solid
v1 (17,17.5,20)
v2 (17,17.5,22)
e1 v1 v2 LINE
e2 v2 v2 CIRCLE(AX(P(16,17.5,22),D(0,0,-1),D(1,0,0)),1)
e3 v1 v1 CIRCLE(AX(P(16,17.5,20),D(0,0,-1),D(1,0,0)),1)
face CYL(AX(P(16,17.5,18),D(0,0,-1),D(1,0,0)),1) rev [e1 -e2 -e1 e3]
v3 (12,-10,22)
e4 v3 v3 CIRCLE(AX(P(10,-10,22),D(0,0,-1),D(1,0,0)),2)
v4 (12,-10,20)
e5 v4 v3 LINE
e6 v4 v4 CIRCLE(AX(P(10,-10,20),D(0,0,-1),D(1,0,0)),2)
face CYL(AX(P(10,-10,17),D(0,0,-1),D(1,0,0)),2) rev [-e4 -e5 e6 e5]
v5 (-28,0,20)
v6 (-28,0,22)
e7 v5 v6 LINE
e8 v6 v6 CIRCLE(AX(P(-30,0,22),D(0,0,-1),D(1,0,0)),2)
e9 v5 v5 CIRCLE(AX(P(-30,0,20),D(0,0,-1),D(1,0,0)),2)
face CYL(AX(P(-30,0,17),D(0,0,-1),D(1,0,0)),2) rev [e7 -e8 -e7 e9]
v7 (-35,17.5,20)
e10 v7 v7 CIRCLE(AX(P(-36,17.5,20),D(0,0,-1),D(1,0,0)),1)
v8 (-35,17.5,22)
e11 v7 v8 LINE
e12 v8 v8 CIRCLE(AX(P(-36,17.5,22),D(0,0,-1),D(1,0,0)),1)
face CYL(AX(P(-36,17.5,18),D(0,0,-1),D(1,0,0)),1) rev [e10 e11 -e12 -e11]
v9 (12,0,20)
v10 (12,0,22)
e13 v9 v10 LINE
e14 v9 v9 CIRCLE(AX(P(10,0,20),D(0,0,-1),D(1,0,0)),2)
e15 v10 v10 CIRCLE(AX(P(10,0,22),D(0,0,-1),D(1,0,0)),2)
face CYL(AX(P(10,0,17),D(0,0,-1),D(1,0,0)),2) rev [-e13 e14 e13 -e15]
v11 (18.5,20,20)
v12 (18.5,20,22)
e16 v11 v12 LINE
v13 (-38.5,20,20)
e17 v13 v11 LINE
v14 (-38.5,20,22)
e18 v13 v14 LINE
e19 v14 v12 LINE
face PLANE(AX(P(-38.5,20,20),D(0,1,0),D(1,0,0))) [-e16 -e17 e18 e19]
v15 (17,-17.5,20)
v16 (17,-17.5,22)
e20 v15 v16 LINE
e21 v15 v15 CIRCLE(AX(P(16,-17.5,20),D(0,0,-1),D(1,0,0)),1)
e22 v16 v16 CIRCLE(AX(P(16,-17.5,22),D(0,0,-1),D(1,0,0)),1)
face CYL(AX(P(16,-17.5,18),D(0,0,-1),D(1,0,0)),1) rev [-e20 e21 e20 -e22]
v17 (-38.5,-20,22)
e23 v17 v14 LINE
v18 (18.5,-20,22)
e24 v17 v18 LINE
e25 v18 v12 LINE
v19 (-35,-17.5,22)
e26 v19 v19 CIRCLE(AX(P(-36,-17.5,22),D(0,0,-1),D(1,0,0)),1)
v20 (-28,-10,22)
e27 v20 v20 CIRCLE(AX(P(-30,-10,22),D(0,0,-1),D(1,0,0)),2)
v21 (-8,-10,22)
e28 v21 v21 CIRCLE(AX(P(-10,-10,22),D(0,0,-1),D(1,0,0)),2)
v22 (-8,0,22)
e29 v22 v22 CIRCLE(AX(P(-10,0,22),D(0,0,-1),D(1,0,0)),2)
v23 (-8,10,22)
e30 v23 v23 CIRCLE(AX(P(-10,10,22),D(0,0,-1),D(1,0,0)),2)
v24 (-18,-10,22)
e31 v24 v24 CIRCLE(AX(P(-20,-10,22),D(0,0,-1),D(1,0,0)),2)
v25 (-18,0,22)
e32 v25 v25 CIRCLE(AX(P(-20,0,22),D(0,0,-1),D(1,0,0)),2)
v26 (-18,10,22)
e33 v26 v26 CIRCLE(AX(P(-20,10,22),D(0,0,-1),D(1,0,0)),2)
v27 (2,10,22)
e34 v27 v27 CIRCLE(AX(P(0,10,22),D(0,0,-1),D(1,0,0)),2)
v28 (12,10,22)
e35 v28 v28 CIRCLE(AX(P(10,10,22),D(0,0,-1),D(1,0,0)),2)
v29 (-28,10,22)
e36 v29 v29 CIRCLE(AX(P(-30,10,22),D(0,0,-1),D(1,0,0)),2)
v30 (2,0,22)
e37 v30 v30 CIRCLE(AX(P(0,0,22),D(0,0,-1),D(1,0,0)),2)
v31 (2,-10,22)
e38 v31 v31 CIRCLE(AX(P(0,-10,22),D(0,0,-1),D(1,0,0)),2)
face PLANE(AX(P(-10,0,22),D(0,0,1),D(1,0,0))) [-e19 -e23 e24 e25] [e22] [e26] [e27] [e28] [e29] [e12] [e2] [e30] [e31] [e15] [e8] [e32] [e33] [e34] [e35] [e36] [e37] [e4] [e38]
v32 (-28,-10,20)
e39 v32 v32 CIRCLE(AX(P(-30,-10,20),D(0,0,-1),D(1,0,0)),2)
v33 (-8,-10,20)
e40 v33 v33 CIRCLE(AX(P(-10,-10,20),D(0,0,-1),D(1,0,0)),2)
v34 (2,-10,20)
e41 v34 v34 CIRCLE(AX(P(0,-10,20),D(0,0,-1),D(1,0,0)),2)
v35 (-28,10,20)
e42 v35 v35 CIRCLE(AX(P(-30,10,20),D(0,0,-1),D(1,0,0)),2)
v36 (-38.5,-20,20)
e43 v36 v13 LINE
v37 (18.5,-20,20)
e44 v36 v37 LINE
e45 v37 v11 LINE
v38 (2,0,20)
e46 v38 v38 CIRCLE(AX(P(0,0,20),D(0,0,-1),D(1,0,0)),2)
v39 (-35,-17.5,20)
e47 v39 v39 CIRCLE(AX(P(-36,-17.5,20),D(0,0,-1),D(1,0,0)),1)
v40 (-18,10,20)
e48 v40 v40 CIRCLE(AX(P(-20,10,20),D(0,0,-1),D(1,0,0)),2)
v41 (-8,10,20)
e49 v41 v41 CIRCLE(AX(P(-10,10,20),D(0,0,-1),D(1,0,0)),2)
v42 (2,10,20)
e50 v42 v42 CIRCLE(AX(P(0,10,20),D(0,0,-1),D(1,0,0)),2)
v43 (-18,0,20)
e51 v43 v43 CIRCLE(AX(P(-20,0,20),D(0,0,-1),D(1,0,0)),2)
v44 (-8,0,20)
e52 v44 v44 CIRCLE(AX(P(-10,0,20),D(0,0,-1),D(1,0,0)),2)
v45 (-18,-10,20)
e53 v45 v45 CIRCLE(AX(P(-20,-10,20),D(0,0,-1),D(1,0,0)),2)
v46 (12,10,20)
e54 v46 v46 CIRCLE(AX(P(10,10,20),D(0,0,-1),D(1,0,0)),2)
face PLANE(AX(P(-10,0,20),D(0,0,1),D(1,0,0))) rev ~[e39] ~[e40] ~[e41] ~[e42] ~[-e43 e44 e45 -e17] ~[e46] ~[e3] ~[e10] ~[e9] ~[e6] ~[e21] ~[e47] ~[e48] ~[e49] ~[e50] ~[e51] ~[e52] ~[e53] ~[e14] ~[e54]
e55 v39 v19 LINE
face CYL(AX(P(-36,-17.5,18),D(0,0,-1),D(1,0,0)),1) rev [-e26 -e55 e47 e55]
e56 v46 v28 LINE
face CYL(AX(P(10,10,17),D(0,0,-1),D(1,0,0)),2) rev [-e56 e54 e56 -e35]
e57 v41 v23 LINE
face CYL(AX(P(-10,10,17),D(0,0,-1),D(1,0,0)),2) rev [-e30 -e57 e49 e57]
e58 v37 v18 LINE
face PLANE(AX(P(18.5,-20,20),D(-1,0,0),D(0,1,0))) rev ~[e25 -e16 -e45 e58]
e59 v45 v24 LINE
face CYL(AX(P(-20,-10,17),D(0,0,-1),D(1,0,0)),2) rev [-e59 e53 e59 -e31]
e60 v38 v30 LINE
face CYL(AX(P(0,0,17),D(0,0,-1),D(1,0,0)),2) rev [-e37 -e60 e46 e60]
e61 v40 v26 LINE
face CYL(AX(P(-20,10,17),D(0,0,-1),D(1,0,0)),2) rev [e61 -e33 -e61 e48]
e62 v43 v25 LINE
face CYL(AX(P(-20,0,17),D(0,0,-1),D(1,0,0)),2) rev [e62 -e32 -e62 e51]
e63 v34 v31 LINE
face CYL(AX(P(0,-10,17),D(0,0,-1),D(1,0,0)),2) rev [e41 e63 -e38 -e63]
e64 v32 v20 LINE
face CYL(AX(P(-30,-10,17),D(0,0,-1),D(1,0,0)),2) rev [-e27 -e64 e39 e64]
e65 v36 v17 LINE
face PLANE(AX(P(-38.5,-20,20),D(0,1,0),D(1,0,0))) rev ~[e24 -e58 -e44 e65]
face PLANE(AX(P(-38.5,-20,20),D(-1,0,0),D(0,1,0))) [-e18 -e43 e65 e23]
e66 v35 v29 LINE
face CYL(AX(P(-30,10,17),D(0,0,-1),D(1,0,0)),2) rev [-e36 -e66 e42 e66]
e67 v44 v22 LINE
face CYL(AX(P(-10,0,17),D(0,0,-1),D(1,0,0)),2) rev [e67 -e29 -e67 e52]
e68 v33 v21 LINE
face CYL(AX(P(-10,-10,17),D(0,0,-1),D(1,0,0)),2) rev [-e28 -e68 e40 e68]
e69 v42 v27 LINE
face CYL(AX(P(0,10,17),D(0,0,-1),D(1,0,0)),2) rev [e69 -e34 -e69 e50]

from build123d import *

# Parameters (mm, degrees)
CYLINDER002_R     = 2
CYLINDER002_DEPTH = 10
ARRAY002_X_COUNT  = 5
ARRAY002_X_PITCH  = 10
ARRAY002_Y_COUNT  = 3
ARRAY002_Y_PITCH  = 10
CYLINDER001_R     = 1
CYLINDER001_DEPTH = 10
ARRAY001_X_COUNT  = 2
ARRAY001_X_PITCH  = 52
ARRAY001_Y_COUNT  = 2
ARRAY001_Y_PITCH  = 35
BOX_W             = 57
BOX_H             = 40
BOX_DEPTH         = 2


with BuildPart() as array002:
    # Cylinder002 → Cylinder002 (new body)
    with BuildSketch(Plane(origin=(-30, -10, 17), x_dir=(1, 0, 0), z_dir=(0, 0, 1))):
        Circle(CYLINDER002_R)
    extrude(amount=CYLINDER002_DEPTH)

    # Array002 X: Array002 ×5


with BuildPart() as array002_1:
    add(array002.part)
    with Locations(*[(i * ARRAY002_X_PITCH, 0, 0) for i in range(1, ARRAY002_X_COUNT)]):
        add(array002.part)

    # Array002 Y: Array002 ×3


with BuildPart() as array002_2:
    add(array002_1.part)
    with Locations(*[(0, i * ARRAY002_Y_PITCH, 0) for i in range(1, ARRAY002_Y_COUNT)]):
        add(array002_1.part)


with BuildPart() as array001:
    # Cylinder001 → Cylinder001 (new body)
    with BuildSketch(Plane(origin=(-36, -17.5, 18), x_dir=(1, 0, 0), z_dir=(0, 0, 1))):
        Circle(CYLINDER001_R)
    extrude(amount=CYLINDER001_DEPTH)

    # Array001 X: Array001 ×2


with BuildPart() as array001_1:
    add(array001.part)
    with Locations(*[(i * ARRAY001_X_PITCH, 0, 0) for i in range(1, ARRAY001_X_COUNT)]):
        add(array001.part)

    # Array001 Y: Array001 ×2


with BuildPart() as array001_2:
    add(array001_1.part)
    with Locations(*[(0, i * ARRAY001_Y_PITCH, 0) for i in range(1, ARRAY001_Y_COUNT)]):
        add(array001_1.part)


with BuildPart() as top_cut:
    # Box → Box (new body)
    with BuildSketch(Plane(origin=(-38.5, -20, 20), x_dir=(1, 0, 0), z_dir=(0, 0, 1))):
        with Locations((28.5, 20)):
            Rectangle(BOX_W, BOX_H)
    extrude(amount=BOX_DEPTH)

    # Cut003: cut Array001
    add(array001_2.part, mode=Mode.SUBTRACT)

    # Cut004: cut Array002
    add(array002_2.part, mode=Mode.SUBTRACT)


solid = top_cut.part
